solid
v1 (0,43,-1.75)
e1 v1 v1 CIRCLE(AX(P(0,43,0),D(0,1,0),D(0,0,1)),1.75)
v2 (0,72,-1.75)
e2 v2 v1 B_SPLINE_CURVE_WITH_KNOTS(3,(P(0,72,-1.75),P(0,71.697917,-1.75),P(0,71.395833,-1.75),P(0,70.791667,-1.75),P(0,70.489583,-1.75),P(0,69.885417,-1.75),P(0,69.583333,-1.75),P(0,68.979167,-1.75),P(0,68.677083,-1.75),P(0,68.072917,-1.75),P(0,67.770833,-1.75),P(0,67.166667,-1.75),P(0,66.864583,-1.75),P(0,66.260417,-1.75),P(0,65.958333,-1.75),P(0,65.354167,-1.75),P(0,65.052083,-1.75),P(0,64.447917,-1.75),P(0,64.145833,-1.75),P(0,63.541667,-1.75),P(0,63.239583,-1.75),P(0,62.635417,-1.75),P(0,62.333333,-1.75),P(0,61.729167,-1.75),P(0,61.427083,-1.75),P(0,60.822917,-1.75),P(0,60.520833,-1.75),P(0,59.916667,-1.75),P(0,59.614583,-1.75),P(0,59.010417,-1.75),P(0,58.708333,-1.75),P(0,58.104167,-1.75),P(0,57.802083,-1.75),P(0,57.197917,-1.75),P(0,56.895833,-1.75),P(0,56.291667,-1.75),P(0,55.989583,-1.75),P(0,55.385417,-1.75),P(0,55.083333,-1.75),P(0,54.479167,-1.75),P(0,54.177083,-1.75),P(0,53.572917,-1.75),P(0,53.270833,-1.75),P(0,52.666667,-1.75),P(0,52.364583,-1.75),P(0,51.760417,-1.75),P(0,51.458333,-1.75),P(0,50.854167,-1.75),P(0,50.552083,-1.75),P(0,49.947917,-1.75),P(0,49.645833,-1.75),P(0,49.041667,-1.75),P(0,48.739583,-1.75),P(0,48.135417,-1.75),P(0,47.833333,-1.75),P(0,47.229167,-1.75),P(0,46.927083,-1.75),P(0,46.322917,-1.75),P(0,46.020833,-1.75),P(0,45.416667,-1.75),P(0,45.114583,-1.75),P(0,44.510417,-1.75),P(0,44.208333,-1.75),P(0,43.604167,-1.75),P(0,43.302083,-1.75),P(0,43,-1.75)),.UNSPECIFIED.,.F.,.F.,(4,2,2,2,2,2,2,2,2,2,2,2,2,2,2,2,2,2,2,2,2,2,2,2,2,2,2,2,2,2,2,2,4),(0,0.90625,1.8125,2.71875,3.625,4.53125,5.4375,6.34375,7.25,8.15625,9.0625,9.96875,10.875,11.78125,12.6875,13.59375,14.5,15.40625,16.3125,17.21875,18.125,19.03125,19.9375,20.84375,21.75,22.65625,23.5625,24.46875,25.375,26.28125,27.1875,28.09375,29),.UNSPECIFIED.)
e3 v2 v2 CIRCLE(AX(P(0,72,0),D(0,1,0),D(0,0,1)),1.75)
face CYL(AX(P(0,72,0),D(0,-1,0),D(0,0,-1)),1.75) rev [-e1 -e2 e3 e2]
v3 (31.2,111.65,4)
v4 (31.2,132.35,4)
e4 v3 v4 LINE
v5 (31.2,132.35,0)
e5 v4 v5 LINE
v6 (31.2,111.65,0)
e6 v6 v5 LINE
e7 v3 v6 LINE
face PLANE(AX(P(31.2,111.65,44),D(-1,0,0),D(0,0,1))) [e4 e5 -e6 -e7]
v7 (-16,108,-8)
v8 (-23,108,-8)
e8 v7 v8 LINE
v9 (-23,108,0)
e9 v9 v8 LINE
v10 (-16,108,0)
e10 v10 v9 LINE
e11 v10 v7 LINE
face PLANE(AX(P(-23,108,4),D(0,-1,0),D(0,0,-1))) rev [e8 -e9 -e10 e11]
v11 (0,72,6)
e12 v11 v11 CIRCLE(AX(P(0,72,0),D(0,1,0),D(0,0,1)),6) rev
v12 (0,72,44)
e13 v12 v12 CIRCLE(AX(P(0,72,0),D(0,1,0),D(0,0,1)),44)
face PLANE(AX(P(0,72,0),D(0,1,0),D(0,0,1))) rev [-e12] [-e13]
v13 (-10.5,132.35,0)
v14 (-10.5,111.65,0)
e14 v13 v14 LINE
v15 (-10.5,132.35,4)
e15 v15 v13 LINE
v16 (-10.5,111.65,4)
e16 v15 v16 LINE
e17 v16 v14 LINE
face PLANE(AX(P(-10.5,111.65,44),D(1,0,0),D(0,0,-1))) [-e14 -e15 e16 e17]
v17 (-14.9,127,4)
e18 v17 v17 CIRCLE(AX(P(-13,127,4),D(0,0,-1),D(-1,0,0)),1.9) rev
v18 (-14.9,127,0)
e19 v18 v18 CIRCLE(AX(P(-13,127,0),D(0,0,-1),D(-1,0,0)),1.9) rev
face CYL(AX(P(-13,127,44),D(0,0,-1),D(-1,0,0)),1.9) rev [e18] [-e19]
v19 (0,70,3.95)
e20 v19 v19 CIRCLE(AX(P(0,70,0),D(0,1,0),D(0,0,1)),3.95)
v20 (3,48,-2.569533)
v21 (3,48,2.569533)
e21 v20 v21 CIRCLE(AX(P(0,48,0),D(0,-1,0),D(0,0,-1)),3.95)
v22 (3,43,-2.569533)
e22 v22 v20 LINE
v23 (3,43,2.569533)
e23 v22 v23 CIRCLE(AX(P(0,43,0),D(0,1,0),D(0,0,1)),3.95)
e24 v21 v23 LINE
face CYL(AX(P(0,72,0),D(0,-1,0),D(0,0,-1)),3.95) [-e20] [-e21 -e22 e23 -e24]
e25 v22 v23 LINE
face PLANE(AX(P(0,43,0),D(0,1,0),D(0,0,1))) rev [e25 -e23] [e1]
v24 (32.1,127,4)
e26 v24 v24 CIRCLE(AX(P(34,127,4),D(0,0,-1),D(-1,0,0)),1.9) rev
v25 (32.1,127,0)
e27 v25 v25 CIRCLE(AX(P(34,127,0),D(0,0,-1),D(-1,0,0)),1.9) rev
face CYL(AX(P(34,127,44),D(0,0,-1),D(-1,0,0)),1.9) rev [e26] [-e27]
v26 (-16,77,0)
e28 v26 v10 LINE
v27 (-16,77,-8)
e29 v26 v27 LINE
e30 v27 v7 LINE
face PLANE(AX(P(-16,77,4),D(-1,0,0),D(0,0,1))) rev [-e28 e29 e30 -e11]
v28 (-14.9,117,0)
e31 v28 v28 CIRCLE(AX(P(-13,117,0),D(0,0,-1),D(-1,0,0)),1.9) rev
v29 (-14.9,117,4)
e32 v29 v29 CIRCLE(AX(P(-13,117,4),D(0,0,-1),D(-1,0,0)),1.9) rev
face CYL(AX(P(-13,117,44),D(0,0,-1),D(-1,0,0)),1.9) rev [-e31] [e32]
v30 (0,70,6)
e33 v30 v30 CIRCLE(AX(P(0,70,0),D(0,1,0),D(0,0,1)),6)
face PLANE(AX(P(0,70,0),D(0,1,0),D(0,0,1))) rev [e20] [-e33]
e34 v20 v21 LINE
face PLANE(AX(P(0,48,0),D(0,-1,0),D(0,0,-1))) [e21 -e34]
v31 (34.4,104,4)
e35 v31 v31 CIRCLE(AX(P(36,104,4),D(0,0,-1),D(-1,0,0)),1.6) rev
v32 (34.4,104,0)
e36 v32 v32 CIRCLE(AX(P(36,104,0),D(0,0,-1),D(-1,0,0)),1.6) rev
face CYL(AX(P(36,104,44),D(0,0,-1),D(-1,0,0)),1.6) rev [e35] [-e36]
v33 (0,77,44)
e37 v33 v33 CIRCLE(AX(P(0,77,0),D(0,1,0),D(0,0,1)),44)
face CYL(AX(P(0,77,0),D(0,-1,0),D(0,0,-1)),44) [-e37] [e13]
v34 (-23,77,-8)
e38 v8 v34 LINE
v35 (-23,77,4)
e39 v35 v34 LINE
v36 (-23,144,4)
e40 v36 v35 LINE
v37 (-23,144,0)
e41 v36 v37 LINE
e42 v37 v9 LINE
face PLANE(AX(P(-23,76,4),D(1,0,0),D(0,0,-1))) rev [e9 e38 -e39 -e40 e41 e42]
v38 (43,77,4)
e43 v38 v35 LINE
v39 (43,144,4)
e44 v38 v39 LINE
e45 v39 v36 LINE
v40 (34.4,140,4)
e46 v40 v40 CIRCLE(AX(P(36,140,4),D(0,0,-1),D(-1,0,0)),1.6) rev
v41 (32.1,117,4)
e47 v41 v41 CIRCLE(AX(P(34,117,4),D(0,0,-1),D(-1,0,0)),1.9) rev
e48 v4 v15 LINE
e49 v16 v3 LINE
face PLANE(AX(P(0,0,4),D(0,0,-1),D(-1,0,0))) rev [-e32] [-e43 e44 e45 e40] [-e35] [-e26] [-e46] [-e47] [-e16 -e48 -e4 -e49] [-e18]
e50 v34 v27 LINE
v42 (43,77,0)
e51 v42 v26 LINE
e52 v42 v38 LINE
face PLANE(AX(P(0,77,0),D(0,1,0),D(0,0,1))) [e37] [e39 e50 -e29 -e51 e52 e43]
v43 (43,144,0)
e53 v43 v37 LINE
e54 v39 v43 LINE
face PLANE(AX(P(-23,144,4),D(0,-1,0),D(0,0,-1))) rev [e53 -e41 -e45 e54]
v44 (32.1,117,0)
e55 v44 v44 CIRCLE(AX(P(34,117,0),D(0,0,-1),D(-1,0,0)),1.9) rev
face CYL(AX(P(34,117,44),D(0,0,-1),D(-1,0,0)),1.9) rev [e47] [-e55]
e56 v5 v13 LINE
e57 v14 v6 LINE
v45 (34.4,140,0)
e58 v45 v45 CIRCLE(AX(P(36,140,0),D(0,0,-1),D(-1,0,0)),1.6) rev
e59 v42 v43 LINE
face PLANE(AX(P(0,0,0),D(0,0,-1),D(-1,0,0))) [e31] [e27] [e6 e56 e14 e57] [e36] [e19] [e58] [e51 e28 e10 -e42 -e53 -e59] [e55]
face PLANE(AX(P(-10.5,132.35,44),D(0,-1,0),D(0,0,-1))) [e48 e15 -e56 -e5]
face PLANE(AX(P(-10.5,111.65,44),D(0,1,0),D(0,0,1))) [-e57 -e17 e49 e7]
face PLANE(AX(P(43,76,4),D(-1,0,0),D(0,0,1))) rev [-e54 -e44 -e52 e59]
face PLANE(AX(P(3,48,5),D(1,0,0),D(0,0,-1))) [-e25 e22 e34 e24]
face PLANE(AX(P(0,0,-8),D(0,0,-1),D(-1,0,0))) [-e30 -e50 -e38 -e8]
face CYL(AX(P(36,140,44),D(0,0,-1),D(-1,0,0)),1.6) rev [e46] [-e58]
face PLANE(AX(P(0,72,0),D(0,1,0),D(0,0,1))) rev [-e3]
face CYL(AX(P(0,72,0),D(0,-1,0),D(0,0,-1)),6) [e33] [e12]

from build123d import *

# Parameters (mm, degrees)
YAW_PLATFORM_START                     = 72
YAW_PLATFORM_PROFILE_R                 = 44
YAW_PLATFORM_DEPTH                     = 5
PRINTED_HOLLOW_YAW_SPINDLE_START       = 43
PRINTED_HOLLOW_YAW_SPINDLE_PROFILE_R   = 3.95
PRINTED_HOLLOW_YAW_SPINDLE_PROFILE_R_2 = 1.75
PRINTED_HOLLOW_YAW_SPINDLE_DEPTH       = 29
INNER_RACE_LOAD_SHOULDER_START         = 70
INNER_RACE_LOAD_SHOULDER_PROFILE_R     = 6
INNER_RACE_LOAD_SHOULDER_PROFILE_R_2   = 1.75
INNER_RACE_LOAD_SHOULDER_DEPTH         = 2
D_FLAT_ON_SPINDLE_END_START            = 43
D_FLAT_DRIVE_KEY_PROFILE_W             = 3
D_FLAT_DRIVE_KEY_PROFILE_H             = 10
D_FLAT_ON_SPINDLE_END_DEPTH            = 5
SHOULDER_MOUNT_PLATE_PROFILE_W         = 66
SHOULDER_MOUNT_PLATE_PROFILE_H         = 68
SHOULDER_MOUNT_PLATE_DEPTH             = 4
MG996_BODY_WINDOW_START                = -5
MG996_BODY_WINDOW_PROFILE_W            = 41.7
MG996_BODY_WINDOW_PROFILE_H            = 20.7
MG996_BODY_WINDOW_DEPTH                = 162.869372409
MG996_TAB_MOUNTS_START                 = -50
MG996_TAB_MOUNTS_PROFILE_R             = 1.9
MG996_TAB_MOUNTS_DEPTH                 = 207.869372409
PASSIVE_SHOULDER_STANDOFFS_START       = -50
PASSIVE_SHOULDER_STANDOFFS_PROFILE_R   = 1.6
PASSIVE_SHOULDER_STANDOFFS_DEPTH       = 207.869372409
UPRIGHT_RIB_START                      = -8
UPRIGHT_RIB_PROFILE_W                  = 7
UPRIGHT_RIB_PROFILE_H                  = 31
UPRIGHT_RIB_DEPTH                      = 12


with BuildPart() as part:
    # Yaw_platform_profile → Yaw_platform (new body)
    with BuildSketch(Plane(origin=(0, 0, 0), x_dir=(1, 0, 0), z_dir=(0, 1, 0)).offset(YAW_PLATFORM_START)):
        with Locations(Location((0, 0, 0), (0, 0, 270))):
            Circle(YAW_PLATFORM_PROFILE_R)
    extrude(amount=YAW_PLATFORM_DEPTH)

    # Printed_hollow_yaw_spindle_profile → Printed_hollow_yaw_spindle (add)
    with BuildSketch(Plane(origin=(0, 0, 0), x_dir=(1, 0, 0), z_dir=(0, 1, 0)).offset(PRINTED_HOLLOW_YAW_SPINDLE_START)):
        with Locations(Location((0, 0, 0), (0, 0, 90))):
            Circle(PRINTED_HOLLOW_YAW_SPINDLE_PROFILE_R)
        with Locations(Location((0, 0, 0), (0, 0, 90))):
            Circle(PRINTED_HOLLOW_YAW_SPINDLE_PROFILE_R_2, mode=Mode.SUBTRACT)
    extrude(amount=PRINTED_HOLLOW_YAW_SPINDLE_DEPTH)

    # Inner_race_load_shoulder_profile → Inner_race_load_shoulder (add)
    with BuildSketch(Plane(origin=(0, 0, 0), x_dir=(1, 0, 0), z_dir=(0, 1, 0)).offset(INNER_RACE_LOAD_SHOULDER_START)):
        with Locations(Location((0, 0, 0), (0, 0, 270))):
            Circle(INNER_RACE_LOAD_SHOULDER_PROFILE_R)
        with Locations(Location((0, 0, 0), (0, 0, 90))):
            Circle(INNER_RACE_LOAD_SHOULDER_PROFILE_R_2, mode=Mode.SUBTRACT)
    extrude(amount=INNER_RACE_LOAD_SHOULDER_DEPTH)

    # D_flat_drive_key_profile → D_flat_on_spindle_end (cut)
    with BuildSketch(Plane(origin=(0, 0, 0), x_dir=(1, 0, 0), z_dir=(0, 1, 0)).offset(D_FLAT_ON_SPINDLE_END_START)):
        with Locations((4.5, 0)):
            Rectangle(D_FLAT_DRIVE_KEY_PROFILE_W, D_FLAT_DRIVE_KEY_PROFILE_H)
    extrude(amount=D_FLAT_ON_SPINDLE_END_DEPTH, mode=Mode.SUBTRACT)

    # Shoulder_mount_plate_profile → Shoulder_mount_plate (add)
    with BuildSketch(Plane.XY):
        with Locations((10, 110)):
            Rectangle(SHOULDER_MOUNT_PLATE_PROFILE_W, SHOULDER_MOUNT_PLATE_PROFILE_H)
    extrude(amount=SHOULDER_MOUNT_PLATE_DEPTH)

    # MG996_body_window_profile → MG996_body_window (cut, through all)
    with BuildSketch(Plane.XY.offset(MG996_BODY_WINDOW_START)):
        with Locations((10.35, 122)):
            Rectangle(MG996_BODY_WINDOW_PROFILE_W, MG996_BODY_WINDOW_PROFILE_H)
    extrude(amount=MG996_BODY_WINDOW_DEPTH, mode=Mode.SUBTRACT)

    # MG996_tab_mounts_profile → MG996_tab_mounts (cut, through all)
    with BuildSketch(Plane.XY.offset(MG996_TAB_MOUNTS_START)):
        with Locations(Location((-13, 117, 0), (0, 0, 180))):
            Circle(MG996_TAB_MOUNTS_PROFILE_R)
        with Locations(Location((-13, 127, 0), (0, 0, 180))):
            Circle(MG996_TAB_MOUNTS_PROFILE_R)
        with Locations(Location((34, 117, 0), (0, 0, 180))):
            Circle(MG996_TAB_MOUNTS_PROFILE_R)
        with Locations(Location((34, 127, 0), (0, 0, 180))):
            Circle(MG996_TAB_MOUNTS_PROFILE_R)
    extrude(amount=MG996_TAB_MOUNTS_DEPTH, mode=Mode.SUBTRACT)

    # Passive_shoulder_standoffs_profile → Passive_shoulder_standoffs (cut, through all)
    with BuildSketch(Plane.XY.offset(PASSIVE_SHOULDER_STANDOFFS_START)):
        with Locations(Location((36, 104, 0), (0, 0, 180))):
            Circle(PASSIVE_SHOULDER_STANDOFFS_PROFILE_R)
        with Locations(Location((36, 140, 0), (0, 0, 180))):
            Circle(PASSIVE_SHOULDER_STANDOFFS_PROFILE_R)
    extrude(amount=PASSIVE_SHOULDER_STANDOFFS_DEPTH, mode=Mode.SUBTRACT)

    # Upright_rib_profile → Upright_rib (add)
    with BuildSketch(Plane.XY.offset(UPRIGHT_RIB_START)):
        with Locations((-19.5, 92.5)):
            Rectangle(UPRIGHT_RIB_PROFILE_W, UPRIGHT_RIB_PROFILE_H)
    extrude(amount=UPRIGHT_RIB_DEPTH)


solid = part.part
